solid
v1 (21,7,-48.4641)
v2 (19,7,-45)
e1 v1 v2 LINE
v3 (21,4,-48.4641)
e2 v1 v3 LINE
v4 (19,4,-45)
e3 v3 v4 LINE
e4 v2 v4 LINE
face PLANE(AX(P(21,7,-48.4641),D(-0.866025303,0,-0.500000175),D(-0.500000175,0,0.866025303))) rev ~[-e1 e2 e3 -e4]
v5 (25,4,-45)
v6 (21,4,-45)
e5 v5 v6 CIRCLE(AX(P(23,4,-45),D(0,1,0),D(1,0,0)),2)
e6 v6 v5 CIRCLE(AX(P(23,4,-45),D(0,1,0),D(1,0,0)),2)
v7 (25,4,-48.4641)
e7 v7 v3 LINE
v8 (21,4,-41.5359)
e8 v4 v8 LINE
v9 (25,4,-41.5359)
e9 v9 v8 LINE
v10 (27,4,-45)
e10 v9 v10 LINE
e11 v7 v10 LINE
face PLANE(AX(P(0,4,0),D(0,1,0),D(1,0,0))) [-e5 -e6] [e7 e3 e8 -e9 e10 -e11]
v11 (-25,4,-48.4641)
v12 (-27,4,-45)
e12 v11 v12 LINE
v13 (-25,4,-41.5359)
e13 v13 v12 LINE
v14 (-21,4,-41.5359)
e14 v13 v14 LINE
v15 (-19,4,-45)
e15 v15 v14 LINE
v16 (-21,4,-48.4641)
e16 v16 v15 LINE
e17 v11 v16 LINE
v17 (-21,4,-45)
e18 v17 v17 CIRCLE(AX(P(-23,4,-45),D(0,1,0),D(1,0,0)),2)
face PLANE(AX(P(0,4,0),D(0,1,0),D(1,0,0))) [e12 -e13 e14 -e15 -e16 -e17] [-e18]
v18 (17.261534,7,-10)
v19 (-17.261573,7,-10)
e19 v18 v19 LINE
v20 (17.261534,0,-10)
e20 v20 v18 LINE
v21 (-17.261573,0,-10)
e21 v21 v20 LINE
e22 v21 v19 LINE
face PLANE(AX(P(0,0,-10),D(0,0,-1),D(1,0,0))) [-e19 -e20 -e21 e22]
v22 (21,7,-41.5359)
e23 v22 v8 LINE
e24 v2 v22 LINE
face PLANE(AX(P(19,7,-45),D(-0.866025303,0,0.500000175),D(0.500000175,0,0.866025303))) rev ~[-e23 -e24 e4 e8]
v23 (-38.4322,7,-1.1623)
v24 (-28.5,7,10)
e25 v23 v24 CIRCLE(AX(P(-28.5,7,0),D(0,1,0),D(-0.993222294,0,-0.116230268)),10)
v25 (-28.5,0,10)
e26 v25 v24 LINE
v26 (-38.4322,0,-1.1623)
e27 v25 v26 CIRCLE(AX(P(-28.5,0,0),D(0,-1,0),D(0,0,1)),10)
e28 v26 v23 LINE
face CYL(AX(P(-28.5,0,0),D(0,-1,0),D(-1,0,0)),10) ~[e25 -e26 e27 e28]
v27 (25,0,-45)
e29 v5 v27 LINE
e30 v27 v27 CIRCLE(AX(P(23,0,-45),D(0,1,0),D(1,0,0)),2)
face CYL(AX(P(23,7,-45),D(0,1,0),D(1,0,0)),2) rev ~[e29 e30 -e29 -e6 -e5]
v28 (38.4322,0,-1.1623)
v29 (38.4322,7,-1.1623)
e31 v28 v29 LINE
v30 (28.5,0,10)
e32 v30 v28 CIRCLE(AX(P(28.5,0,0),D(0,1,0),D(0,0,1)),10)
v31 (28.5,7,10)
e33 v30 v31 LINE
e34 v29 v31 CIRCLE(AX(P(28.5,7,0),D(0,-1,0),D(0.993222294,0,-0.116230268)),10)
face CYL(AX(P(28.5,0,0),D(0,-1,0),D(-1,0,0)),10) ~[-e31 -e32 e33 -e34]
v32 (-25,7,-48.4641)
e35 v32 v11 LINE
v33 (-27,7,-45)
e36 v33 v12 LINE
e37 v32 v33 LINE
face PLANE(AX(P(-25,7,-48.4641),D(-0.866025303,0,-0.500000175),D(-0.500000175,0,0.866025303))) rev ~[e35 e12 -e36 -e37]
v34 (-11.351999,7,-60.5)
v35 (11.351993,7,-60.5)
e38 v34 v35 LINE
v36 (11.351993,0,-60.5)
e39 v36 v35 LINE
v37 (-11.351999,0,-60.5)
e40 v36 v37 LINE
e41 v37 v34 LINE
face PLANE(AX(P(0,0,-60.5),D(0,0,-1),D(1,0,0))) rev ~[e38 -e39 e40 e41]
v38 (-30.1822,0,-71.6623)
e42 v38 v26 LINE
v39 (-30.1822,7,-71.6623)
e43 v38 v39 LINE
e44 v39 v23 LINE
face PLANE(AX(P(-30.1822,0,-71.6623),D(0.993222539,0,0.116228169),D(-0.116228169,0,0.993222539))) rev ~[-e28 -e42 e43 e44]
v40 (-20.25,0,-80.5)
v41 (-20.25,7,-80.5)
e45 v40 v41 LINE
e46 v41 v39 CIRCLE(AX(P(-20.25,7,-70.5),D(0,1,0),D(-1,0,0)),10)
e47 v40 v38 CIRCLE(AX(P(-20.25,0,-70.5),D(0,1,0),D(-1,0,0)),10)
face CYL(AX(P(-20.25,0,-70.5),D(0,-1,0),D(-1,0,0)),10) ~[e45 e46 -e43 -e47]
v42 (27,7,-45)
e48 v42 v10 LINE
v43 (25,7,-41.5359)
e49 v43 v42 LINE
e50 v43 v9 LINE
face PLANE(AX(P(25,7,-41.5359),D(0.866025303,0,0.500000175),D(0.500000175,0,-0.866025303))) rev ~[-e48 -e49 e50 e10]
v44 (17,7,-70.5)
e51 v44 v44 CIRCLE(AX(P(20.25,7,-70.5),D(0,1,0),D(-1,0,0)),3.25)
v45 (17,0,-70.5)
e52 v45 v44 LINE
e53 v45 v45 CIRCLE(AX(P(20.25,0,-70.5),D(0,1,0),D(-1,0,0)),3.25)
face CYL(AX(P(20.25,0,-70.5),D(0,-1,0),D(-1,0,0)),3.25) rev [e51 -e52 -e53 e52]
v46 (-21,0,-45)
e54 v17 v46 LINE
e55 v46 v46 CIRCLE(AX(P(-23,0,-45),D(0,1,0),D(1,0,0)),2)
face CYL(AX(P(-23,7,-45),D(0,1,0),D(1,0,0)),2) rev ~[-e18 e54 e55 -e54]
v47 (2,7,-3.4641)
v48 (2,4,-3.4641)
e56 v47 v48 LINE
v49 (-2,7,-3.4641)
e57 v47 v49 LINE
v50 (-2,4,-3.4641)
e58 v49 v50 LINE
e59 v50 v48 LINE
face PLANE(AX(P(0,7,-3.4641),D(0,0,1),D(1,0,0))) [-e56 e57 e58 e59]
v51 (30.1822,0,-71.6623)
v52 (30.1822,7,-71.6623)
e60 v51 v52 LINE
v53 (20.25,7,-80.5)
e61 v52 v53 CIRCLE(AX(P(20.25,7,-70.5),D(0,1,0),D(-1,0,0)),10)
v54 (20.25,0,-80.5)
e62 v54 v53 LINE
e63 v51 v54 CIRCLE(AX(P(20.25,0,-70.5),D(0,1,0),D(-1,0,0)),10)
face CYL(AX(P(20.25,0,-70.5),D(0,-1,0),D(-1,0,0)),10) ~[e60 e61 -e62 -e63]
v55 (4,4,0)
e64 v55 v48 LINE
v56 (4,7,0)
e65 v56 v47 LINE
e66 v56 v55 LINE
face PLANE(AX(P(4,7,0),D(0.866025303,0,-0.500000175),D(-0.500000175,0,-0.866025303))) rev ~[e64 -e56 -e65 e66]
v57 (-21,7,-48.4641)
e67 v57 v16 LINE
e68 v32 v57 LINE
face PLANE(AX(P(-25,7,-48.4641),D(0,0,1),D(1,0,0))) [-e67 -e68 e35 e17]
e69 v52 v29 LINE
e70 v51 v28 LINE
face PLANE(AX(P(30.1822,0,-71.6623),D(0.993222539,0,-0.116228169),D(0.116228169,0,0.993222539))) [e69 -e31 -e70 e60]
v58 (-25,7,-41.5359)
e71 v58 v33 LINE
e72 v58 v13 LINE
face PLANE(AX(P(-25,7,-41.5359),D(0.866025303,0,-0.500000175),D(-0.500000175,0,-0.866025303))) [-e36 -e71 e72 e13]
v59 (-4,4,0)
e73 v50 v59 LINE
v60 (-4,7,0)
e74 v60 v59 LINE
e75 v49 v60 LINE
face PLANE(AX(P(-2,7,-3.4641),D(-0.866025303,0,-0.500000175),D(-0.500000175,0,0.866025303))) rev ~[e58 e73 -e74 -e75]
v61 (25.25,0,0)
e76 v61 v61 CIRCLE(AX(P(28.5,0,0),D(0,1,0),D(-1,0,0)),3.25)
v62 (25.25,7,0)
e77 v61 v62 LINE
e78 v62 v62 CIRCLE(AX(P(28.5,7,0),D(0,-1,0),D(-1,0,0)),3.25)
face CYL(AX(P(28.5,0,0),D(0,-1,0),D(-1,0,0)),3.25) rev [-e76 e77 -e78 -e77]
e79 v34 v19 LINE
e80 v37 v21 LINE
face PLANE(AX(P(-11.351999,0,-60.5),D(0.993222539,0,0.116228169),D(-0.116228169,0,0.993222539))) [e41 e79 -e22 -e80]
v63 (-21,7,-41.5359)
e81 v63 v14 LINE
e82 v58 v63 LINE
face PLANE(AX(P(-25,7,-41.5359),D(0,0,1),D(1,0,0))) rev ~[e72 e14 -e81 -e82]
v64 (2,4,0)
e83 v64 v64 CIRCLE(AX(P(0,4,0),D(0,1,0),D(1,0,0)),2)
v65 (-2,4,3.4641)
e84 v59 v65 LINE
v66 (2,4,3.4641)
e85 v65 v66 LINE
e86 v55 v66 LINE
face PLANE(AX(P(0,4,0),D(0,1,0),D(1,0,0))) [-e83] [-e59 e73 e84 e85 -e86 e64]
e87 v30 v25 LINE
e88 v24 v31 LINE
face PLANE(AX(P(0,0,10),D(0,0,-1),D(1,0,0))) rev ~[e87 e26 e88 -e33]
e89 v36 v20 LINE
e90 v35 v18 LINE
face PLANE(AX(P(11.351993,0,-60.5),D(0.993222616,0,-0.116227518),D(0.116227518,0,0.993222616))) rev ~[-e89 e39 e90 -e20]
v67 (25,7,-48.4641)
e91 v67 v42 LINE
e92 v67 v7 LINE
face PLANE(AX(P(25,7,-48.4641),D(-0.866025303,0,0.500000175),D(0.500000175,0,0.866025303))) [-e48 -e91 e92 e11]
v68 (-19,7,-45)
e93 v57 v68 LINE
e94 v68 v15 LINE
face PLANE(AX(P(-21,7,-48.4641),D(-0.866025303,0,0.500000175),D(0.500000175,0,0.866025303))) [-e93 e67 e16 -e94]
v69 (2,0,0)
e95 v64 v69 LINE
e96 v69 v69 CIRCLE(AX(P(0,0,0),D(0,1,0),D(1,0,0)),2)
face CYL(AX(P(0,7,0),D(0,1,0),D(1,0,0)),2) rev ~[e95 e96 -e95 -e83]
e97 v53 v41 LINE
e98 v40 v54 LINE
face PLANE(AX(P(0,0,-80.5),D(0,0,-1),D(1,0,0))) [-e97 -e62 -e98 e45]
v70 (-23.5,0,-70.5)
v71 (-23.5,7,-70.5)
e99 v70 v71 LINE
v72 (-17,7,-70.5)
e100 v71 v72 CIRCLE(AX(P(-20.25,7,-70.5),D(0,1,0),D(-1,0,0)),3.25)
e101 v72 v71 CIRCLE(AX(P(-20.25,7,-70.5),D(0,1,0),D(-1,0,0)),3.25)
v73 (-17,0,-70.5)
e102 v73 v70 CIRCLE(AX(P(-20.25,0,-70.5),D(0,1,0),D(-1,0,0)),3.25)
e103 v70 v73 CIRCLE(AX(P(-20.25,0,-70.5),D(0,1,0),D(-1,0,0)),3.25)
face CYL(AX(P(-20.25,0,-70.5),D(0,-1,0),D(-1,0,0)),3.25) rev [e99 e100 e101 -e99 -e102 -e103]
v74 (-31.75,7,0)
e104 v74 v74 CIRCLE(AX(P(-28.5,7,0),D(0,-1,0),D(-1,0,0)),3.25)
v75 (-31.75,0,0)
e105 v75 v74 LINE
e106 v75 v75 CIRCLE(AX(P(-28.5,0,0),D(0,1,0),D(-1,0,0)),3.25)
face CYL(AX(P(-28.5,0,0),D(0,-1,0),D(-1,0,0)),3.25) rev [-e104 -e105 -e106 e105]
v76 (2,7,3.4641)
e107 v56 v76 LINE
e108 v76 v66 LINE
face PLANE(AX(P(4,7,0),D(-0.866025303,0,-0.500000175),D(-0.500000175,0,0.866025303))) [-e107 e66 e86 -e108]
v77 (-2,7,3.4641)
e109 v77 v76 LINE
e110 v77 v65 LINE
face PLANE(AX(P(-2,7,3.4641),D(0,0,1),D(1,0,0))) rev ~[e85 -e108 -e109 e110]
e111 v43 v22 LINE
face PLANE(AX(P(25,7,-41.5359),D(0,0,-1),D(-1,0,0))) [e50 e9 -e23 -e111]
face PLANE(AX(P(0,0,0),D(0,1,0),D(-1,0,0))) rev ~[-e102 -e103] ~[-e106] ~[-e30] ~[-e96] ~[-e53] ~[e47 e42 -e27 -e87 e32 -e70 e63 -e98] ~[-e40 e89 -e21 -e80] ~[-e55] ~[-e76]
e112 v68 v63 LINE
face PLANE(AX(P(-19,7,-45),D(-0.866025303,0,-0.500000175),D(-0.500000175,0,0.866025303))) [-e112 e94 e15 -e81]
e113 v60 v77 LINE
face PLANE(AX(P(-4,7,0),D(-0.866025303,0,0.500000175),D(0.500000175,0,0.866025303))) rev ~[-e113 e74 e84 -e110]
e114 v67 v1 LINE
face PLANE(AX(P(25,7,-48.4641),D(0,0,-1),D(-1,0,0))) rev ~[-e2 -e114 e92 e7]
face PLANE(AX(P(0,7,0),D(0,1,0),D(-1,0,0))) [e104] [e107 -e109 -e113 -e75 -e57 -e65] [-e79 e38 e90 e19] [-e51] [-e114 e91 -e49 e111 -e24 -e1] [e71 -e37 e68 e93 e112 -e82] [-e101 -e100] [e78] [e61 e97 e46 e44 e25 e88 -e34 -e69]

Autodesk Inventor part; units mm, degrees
ref_plane "YZ Plane" through (0, 0, 0) normal (1, 0, 0) x (0, 1, 0)
ref_plane "XZ Plane" through (0, 0, 0) normal (0, 1, 0) x (-1, 0, 0)
ref_plane "XY Plane" through (0, 0, 0) normal (0, 0, 1) x (1, 0, 0)
sketch "스케치1" plane through (0, 0, 0) normal (0, 1, 0) x (-1, 0, 0)
  line L0 (28.5, 0) -> (-28.5, 0)
  line L1 (-26.25, 0) -> (-30.75, 0)
  circle A0 centre (-28.5, 0) radius 10
  line L2 (0, -98.6) -> (0, 28.1) projected
  line L3 (53.9, 0) -> (-53.9, 0) projected
  circle A1 centre (28.5, 0) radius 10
  line L4 (20.25, -70.5) -> (-20.25, -70.5)
  circle A2 centre (-20.25, -70.5) radius 10
  circle A3 centre (-20.25, -70.5) radius 3.25
  circle A4 centre (20.25, -70.5) radius 10
  line L5 (30.1822, -71.6623) -> (38.4322, -1.1623)
  line L6 (20.25, -80.5) -> (-20.25, -80.5)
  line L7 (28.5, 10) -> (-28.5, 10)
  line L8 (-30.1822, -71.6623) -> (-38.4322, -1.1623)
  line L9 (10.3178, -69.3377) -> (18.5678, 1.1623)
  line L10 (20.25, -60.5) -> (-20.25, -60.5)
  line L11 (-10.3178, -69.3377) -> (-18.5612, 1.1063)
  line L12 (27.5, -10) -> (-28.5, -10)
  circle A5 centre (-28.5, 0) radius 3.25
  circle A6 centre (20.25, -70.5) radius 3.25
  circle A7 centre (28.5, 0) radius 3.25
  point P0 (0, 0)
  point P1 (0, 0)
  point P2 (0, -70.5)
  point P3 (-17, -70.5)
  point P4 (-23.5, -70.5)
  point P5 (18.5, 0)
  point P6 (18.4318, 0)
  point P7 (-18.0599, 1.0927)
  point P8 (-18.4318, 0)
  point P9 (-18.5, 0)
  point P10 (-11.352, -60.5)
  point P11 (-17.2616, -10)
  point P12 (17.2616, -10)
  point P13 (11.352, -60.5)
  dimension "d0" = 57
  dimension "d7" = 20
  dimension "d10" = 40.5
  dimension "d11" = 70.5
  dimension "d12" = 20
  dimension "d13" = 6.5
  dimension "d17" = 6.5
  dimension "d18" = 6.5
  dimension "d19" = 6.5
extrude "돌출1" add sketch "스케치1" along normal blind 7 contours A0 L3 A5 L0 | A0 L11 L0 | L0 A5 L3 A0 | L0 L11 L12 A0 | L11 A0 L7 L2 L0 | L0 L2 L12 L11 | L12 L11 L10 A2 L8 A0 | L2 L7 A1 L9 L0 | L0 L9 L12 L2 | L9 A1 L0 | L0 A1 L5 A4 L10 L9 | L11 A2 L10 | L10 L2 L4 A2 L11 | A2 | A1 L3 A7 L0 | L0 A7 L3 A1 | L10 L9 A4 L4 L2 | A2 L4 L2 L6 | L10 A4 L9 | L4 A4 L6 L2 | A4
sketch "스케치2" plane through (0, 7, 0) normal (0, 1, 0) x (1, 0, 0)
  point P0 (0, 0)
sketch "스케치3" plane through (0, 7, 0) normal (0, 1, 0) x (1, 0, 0)
  circle A0 centre (0, 0) radius 4
  line L0 (-30.1822, 71.6623) -> (-38.4322, 1.1623) projected
  arc A1 (-38.4322, 1.1623) -> (-28.5, -10) centre (-28.5, 0) ccw projected
  line L1 (-28.5, -10) -> (28.5, -10) projected
  arc A2 (28.5, -10) -> (38.4322, 1.1623) centre (28.5, 0) ccw projected
  line L2 (38.4322, 1.1623) -> (30.1822, 71.6623) projected
  arc A3 (30.1822, 71.6623) -> (20.25, 80.5) centre (20.25, 70.5) ccw projected
  line L3 (20.25, 80.5) -> (-20.25, 80.5) projected
  arc A4 (-20.25, 80.5) -> (-30.1822, 71.6623) centre (-20.25, 70.5) ccw projected
  circle A5 centre (20.25, 70.5) radius 3.25 projected
  line L4 (11.352, 60.5) -> (17.2616, 10) projected
  line L5 (17.2616, 10) -> (-17.2616, 10) projected
  line L6 (-17.2616, 10) -> (-11.352, 60.5) projected
  line L7 (-11.352, 60.5) -> (11.352, 60.5) projected
  circle A6 centre (28.5, 0) radius 3.25 projected
  circle A7 centre (-28.5, 0) radius 3.25 projected
  circle A8 centre (-20.25, 70.5) radius 3.25 projected
  line L8 (0, 0) -> (0, 45)
  line L9 (-23, 45) -> (23, 45)
  circle A9 centre (-23, 45) radius 4
  circle A10 centre (23, 45) radius 4
  line L10 (-2, 3.4641) -> (2, 3.4641)
  line L11 (-2, 3.4641) -> (-4, 0)
  line L12 (57.3115, 0) -> (-57.3115, 0) projected
  line L13 (-4, 0) -> (-2, -3.4641)
  line L14 (-2, -3.4641) -> (2, -3.4641)
  line L15 (4, 0) -> (2, -3.4641)
  line L16 (4, 0) -> (2, 3.4641)
  line L17 (-25, 48.4641) -> (-21, 48.4641)
  line L18 (-25, 48.4641) -> (-27, 45)
  line L19 (-21, 48.4641) -> (-19, 45)
  line L20 (-19, 45) -> (-21, 41.5359)
  line L21 (-25, 41.5359) -> (-21, 41.5359)
  line L22 (-25, 41.5359) -> (-27, 45)
  line L23 (25, 48.4641) -> (21, 48.4641)
  line L24 (25, 48.4641) -> (27, 45)
  line L25 (21, 48.4641) -> (19, 45)
  line L26 (19, 45) -> (21, 41.5359)
  line L27 (25, 41.5359) -> (21, 41.5359)
  line L28 (25, 41.5359) -> (27, 45)
  circle A11 centre (-23, 45) radius 2
  circle A12 centre (23, 45) radius 2
  circle A13 centre (0, 0) radius 2
  dimension "d20" = 8
  dimension "d21" = 45
  dimension "d22" = 46
  dimension "d23" = 8
  dimension "d24" = 8
  dimension "d25" = 4
  dimension "d26" = 4
  dimension "d27" = 4
  dimension "d28" = 4
  dimension "d31" = 4
  dimension "d32" = 4
  dimension "d33" = 4
extrude "돌출2" cut sketch "스케치3" against normal blind 3 contours L15 L14 L13 L12 A13 | A11 | L20 L21 L22 L18 L17 L19 | A12 | L25 L23 L24 L28 L27 L26 | L12 A13 L8 L10 L16 | A13 L12 | L12 L8 A13 | L8 A13 L12 L11 L10 | L12 A13 L8
extrude "돌출3" cut sketch "스케치3" against normal blind 7 contours A11 | A12 | A13 L12 | L12 L8 A13 | L12 A13 L8
properties part number "라이다"
